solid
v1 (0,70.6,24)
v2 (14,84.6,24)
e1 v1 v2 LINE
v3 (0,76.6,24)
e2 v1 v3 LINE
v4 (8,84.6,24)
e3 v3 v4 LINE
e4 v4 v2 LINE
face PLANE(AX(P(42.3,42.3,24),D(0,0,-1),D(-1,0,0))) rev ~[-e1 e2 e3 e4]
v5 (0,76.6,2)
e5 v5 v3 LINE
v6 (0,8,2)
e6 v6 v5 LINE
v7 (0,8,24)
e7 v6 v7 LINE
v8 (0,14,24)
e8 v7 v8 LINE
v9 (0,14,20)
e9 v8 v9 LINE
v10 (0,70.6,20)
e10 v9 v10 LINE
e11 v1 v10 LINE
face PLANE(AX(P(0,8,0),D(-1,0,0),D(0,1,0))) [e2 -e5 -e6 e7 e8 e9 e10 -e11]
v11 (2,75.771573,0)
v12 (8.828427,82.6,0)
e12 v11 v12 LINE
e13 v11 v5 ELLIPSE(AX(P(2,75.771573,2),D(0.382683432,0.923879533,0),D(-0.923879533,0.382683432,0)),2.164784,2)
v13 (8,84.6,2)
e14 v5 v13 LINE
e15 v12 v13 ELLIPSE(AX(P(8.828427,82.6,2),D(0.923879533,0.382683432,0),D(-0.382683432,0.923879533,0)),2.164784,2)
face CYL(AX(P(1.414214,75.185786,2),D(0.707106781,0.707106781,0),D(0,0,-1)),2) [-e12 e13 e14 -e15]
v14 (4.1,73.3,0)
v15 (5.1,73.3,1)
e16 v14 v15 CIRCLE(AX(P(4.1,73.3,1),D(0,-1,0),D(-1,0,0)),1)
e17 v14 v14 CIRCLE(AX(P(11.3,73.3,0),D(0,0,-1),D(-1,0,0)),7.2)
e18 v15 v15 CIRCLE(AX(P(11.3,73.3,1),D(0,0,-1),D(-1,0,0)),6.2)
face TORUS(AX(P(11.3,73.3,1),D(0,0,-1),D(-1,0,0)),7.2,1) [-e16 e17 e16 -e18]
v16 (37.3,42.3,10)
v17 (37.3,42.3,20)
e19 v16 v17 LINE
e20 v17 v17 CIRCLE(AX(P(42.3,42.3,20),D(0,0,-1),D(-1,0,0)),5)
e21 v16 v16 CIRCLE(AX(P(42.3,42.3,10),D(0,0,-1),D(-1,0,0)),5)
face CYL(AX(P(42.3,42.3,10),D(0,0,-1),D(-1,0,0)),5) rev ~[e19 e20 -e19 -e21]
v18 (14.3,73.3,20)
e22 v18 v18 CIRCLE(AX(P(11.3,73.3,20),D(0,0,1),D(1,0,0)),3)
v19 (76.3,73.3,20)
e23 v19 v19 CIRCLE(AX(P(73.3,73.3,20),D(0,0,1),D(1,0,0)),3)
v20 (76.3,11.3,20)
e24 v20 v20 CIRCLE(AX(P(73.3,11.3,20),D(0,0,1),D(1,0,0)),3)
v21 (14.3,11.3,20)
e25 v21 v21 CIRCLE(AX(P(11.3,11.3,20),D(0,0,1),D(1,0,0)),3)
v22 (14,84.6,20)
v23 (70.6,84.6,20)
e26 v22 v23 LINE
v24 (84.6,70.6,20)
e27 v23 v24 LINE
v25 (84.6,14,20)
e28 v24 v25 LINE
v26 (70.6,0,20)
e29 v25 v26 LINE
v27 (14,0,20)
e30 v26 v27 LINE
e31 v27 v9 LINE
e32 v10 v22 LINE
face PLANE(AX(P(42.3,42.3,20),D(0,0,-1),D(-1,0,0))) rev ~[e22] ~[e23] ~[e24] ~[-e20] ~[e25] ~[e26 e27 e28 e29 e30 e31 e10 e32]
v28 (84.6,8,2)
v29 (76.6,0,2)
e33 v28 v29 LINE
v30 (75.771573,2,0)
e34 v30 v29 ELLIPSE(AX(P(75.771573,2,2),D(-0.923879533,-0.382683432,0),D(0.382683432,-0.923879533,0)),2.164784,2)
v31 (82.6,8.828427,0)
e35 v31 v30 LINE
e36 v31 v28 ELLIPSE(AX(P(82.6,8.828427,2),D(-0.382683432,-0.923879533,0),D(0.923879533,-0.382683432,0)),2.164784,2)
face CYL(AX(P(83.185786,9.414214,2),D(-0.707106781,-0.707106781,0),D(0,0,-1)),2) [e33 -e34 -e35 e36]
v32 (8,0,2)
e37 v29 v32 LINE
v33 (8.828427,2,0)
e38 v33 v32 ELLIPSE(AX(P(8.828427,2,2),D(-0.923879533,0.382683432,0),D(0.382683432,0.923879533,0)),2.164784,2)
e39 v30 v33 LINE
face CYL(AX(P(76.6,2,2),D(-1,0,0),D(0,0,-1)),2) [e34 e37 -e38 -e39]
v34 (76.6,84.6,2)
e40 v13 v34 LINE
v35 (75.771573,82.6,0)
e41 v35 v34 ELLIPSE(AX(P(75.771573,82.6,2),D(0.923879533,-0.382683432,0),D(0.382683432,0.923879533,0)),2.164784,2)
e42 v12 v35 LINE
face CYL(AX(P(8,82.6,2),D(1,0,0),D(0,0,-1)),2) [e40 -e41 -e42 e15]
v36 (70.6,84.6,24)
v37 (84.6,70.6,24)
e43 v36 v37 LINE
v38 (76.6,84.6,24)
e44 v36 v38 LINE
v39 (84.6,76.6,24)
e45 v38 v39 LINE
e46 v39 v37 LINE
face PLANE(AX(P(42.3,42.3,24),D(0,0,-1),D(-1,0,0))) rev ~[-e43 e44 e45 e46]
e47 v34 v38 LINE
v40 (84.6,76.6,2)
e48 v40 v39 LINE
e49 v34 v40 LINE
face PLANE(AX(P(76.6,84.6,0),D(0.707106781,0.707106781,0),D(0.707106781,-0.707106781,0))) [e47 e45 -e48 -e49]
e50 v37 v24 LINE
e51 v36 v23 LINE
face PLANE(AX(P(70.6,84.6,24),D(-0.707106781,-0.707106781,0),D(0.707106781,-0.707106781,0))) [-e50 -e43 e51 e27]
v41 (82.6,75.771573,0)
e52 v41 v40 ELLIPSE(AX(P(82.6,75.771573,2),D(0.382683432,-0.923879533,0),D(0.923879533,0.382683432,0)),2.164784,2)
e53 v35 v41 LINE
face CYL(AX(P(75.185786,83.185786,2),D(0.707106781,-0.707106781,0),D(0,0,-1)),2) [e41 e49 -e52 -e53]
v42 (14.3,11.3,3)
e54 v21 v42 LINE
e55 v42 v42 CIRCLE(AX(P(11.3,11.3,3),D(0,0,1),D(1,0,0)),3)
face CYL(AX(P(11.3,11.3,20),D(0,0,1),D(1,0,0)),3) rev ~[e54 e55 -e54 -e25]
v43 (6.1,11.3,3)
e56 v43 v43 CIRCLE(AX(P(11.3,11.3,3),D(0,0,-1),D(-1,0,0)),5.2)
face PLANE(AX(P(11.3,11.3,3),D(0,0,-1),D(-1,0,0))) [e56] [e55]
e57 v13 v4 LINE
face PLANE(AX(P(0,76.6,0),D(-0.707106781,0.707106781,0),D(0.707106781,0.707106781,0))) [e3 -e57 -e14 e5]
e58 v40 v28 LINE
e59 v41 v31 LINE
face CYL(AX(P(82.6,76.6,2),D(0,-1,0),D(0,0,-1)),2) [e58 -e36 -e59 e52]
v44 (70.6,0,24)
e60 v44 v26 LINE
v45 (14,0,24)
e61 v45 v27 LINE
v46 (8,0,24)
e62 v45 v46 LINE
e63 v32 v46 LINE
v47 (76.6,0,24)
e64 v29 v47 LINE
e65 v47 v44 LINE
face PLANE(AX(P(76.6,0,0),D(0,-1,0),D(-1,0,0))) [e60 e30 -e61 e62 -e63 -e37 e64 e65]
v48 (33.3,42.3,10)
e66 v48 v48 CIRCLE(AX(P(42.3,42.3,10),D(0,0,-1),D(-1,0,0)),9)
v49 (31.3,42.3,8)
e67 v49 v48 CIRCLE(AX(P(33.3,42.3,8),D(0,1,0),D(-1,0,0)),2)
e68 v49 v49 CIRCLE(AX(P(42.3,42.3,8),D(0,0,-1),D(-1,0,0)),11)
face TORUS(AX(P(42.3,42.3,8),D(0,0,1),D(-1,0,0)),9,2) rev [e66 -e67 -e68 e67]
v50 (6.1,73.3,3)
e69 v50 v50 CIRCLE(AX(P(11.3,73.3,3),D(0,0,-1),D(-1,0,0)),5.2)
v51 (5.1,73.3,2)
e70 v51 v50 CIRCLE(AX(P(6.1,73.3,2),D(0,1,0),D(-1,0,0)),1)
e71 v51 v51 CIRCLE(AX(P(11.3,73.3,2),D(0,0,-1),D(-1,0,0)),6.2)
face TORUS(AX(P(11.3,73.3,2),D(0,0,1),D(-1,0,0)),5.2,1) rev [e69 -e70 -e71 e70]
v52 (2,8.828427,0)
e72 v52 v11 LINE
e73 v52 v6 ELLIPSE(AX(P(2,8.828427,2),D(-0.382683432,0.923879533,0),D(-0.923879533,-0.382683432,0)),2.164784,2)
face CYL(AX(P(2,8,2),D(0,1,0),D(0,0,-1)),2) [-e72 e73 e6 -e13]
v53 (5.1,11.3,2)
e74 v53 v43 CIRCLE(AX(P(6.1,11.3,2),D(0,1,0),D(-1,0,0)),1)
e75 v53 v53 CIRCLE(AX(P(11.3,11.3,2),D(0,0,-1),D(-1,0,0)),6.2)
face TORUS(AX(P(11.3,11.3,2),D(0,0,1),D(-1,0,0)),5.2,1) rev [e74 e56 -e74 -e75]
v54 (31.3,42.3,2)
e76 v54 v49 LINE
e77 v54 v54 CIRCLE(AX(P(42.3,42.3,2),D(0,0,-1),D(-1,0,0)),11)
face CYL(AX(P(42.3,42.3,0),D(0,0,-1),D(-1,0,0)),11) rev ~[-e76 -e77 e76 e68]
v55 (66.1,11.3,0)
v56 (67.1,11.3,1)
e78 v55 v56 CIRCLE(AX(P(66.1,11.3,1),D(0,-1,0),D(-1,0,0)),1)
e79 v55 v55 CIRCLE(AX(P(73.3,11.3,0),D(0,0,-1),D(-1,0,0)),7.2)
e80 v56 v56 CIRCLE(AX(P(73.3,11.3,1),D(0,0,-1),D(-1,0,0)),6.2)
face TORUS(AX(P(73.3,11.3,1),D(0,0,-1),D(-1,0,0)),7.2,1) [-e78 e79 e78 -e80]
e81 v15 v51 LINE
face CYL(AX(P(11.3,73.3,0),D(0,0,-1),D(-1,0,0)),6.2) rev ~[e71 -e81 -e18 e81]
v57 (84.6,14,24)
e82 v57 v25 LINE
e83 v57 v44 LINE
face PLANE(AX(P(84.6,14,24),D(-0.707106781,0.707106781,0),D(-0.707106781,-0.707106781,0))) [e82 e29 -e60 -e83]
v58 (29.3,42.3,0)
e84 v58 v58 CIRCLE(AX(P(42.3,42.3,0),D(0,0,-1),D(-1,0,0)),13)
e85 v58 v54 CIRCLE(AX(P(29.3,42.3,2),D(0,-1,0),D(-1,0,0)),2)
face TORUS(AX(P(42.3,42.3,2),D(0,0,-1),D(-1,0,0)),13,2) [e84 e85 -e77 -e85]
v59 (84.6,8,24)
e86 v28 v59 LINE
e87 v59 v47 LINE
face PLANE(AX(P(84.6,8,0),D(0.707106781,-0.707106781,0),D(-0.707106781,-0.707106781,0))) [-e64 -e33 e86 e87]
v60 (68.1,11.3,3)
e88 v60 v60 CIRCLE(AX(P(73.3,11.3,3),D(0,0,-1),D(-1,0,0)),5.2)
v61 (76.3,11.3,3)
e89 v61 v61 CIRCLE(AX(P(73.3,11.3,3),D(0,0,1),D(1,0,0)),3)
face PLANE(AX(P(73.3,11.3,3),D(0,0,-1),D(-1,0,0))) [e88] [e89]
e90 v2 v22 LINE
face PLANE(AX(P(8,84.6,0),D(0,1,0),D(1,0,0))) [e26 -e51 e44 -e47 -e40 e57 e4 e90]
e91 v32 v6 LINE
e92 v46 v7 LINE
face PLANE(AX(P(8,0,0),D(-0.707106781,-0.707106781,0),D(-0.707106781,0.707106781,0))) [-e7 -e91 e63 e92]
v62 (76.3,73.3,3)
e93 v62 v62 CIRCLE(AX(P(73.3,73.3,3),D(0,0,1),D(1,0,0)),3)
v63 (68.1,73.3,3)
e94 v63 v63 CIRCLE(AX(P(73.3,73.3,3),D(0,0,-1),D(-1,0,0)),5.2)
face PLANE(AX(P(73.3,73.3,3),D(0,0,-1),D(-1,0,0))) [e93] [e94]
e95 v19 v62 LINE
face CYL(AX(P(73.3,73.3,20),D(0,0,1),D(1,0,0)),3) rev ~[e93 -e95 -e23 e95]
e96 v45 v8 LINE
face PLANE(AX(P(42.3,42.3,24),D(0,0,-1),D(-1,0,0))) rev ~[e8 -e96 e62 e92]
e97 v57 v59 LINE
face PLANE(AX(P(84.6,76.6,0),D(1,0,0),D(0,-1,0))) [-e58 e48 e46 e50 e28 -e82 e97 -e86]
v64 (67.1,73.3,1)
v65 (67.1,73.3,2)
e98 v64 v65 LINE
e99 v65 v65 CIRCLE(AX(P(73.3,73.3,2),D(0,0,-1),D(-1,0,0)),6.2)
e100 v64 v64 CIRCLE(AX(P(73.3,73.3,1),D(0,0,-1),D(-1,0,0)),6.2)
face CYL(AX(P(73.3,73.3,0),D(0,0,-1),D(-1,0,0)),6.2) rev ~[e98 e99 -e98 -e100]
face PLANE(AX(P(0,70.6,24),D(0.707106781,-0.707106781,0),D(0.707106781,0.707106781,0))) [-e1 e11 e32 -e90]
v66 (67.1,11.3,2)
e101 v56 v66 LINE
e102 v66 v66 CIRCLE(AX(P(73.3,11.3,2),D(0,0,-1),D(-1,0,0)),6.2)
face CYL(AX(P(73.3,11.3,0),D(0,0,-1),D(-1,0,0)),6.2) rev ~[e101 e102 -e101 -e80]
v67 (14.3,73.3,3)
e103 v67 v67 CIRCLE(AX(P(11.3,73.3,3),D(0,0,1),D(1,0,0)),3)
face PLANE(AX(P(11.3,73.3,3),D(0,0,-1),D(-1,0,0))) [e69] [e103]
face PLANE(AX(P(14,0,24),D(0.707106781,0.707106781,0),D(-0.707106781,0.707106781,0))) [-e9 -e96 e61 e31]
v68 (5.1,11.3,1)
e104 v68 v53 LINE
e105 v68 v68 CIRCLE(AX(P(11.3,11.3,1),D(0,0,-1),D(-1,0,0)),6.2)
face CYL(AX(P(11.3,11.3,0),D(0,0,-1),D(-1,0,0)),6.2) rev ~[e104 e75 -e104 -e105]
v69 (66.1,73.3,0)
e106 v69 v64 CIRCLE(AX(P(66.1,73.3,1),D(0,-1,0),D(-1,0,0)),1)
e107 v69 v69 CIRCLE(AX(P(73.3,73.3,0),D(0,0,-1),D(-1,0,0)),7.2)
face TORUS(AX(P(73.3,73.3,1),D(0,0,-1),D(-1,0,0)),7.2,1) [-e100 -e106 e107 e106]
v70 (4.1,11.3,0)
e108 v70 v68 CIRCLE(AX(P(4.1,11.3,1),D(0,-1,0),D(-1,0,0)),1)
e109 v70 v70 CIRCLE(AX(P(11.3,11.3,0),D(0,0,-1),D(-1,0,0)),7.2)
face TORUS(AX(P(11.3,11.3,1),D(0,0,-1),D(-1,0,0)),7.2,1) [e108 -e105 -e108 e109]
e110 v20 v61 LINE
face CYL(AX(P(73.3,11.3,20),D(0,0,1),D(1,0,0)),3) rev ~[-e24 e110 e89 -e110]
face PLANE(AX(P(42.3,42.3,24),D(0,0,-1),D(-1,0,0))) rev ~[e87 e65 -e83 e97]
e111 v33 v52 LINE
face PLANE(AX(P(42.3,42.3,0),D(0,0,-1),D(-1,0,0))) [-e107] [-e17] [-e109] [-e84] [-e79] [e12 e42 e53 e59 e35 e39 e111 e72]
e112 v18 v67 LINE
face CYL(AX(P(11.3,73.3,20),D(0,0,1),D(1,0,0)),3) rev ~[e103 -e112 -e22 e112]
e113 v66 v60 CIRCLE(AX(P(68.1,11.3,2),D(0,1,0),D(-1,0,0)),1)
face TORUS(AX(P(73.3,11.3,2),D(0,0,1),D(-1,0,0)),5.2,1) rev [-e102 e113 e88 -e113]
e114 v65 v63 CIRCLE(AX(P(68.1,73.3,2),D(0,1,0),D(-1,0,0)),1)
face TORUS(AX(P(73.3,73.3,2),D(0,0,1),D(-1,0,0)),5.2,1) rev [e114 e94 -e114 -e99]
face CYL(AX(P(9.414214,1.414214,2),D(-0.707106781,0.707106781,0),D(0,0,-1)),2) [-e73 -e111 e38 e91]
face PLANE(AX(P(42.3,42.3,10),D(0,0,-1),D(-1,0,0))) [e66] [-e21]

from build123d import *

# Parameters (mm, degrees)
BOSS_EXTRUDE1_DEPTH = 24
CUT_EXTRUDE1_DEPTH  = 4
SKETCH3_R           = 3
CUT_EXTRUDE2_DEPTH  = 21
SKETCH5_R           = 6.2
CUT_EXTRUDE3_DEPTH  = 3
FILLET1_R           = 1
FILLET2_R           = 2
SKETCH6_R           = 11
CUT_EXTRUDE4_DEPTH  = 10
SKETCH7_R           = 5
CUT_EXTRUDE5_DEPTH  = 15
FILLET3_R           = 2


with BuildPart() as part:
    # Sketch1 → Boss-Extrude1 (new body)
    with BuildSketch(Plane.XY):
        Polygon((0, 76.6), (8, 84.6), (76.6, 84.6), (84.6, 76.6), (84.6, 8), (76.6, 0), (8, 0), (0, 8), align=None)
    extrude(amount=BOSS_EXTRUDE1_DEPTH)

    # Sketch2 → Cut-Extrude1 (cut)
    with BuildSketch(Plane.XY.offset(24)):
        Polygon((0, 70.6), (14, 84.6), (70.6, 84.6), (84.6, 70.6), (84.6, 14), (70.6, 0), (14, 0), (0, 14), align=None)
    extrude(amount=-CUT_EXTRUDE1_DEPTH, mode=Mode.SUBTRACT)

    # Sketch3 → Cut-Extrude2 (cut, through all)
    with BuildSketch(Plane.XY.offset(20)):
        with Locations((11.3, 73.3)):
            Circle(SKETCH3_R)
        with Locations((73.3, 73.3)):
            Circle(SKETCH3_R)
        with Locations((73.3, 11.3)):
            Circle(SKETCH3_R)
        with Locations((11.3, 11.3)):
            Circle(SKETCH3_R)
    extrude(amount=-CUT_EXTRUDE2_DEPTH, mode=Mode.SUBTRACT)

    # Sketch5 → Cut-Extrude3 (cut)
    with BuildSketch(Plane(origin=(0, 0, 0), x_dir=(-1, 0, 0), z_dir=(0, 0, -1))):
        with Locations((-73.3, 73.3)):
            Circle(SKETCH5_R)
        with Locations((-11.3, 73.3)):
            Circle(SKETCH5_R)
        with Locations((-11.3, 11.3)):
            Circle(SKETCH5_R)
        with Locations((-73.3, 11.3)):
            Circle(SKETCH5_R)
    extrude(amount=-CUT_EXTRUDE3_DEPTH, mode=Mode.SUBTRACT)

    # Fillet1
    fillet1_edges = [part.edges().sort_by_distance(p)[0] for p in [
        (79.5, 11.3, 0),
        (79.5, 11.3, 3),
        (17.5, 11.3, 0),
        (17.5, 11.3, 3),
        (17.5, 73.3, 0),
        (17.5, 73.3, 3),
        (79.5, 73.3, 0),
        (79.5, 73.3, 3),
    ]]
    fillet(fillet1_edges, radius=FILLET1_R)

    # Fillet2
    fillet2_edges = [part.edges().sort_by_distance(p)[0] for p in [
        (4, 4, 0),
        (0, 42.3, 0),
        (4, 80.6, 0),
        (42.3, 84.6, 0),
        (80.6, 80.6, 0),
        (84.6, 42.3, 0),
        (80.6, 4, 0),
        (42.3, 0, 0),
    ]]
    fillet(fillet2_edges, radius=FILLET2_R)

    # Sketch6 → Cut-Extrude4 (cut)
    with BuildSketch(Plane(origin=(0, 0, 0), x_dir=(-1, 0, 0), z_dir=(0, 0, -1))):
        with Locations((-42.3, 42.3)):
            Circle(SKETCH6_R)
    extrude(amount=-CUT_EXTRUDE4_DEPTH, mode=Mode.SUBTRACT)

    # Sketch7 → Cut-Extrude5 (cut, through all)
    with BuildSketch(Plane(origin=(0, 0, 10), x_dir=(-1, 0, 0), z_dir=(0, 0, -1))):
        with Locations((-42.3, 42.3)):
            Circle(SKETCH7_R)
    extrude(amount=-CUT_EXTRUDE5_DEPTH, mode=Mode.SUBTRACT)

    # Fillet3
    fillet3_edges = [part.edges().sort_by_distance(p)[0] for p in [
        (53.3, 42.3, 10),
        (53.3, 42.3, 0),
    ]]
    fillet(fillet3_edges, radius=FILLET3_R)


solid = part.part
